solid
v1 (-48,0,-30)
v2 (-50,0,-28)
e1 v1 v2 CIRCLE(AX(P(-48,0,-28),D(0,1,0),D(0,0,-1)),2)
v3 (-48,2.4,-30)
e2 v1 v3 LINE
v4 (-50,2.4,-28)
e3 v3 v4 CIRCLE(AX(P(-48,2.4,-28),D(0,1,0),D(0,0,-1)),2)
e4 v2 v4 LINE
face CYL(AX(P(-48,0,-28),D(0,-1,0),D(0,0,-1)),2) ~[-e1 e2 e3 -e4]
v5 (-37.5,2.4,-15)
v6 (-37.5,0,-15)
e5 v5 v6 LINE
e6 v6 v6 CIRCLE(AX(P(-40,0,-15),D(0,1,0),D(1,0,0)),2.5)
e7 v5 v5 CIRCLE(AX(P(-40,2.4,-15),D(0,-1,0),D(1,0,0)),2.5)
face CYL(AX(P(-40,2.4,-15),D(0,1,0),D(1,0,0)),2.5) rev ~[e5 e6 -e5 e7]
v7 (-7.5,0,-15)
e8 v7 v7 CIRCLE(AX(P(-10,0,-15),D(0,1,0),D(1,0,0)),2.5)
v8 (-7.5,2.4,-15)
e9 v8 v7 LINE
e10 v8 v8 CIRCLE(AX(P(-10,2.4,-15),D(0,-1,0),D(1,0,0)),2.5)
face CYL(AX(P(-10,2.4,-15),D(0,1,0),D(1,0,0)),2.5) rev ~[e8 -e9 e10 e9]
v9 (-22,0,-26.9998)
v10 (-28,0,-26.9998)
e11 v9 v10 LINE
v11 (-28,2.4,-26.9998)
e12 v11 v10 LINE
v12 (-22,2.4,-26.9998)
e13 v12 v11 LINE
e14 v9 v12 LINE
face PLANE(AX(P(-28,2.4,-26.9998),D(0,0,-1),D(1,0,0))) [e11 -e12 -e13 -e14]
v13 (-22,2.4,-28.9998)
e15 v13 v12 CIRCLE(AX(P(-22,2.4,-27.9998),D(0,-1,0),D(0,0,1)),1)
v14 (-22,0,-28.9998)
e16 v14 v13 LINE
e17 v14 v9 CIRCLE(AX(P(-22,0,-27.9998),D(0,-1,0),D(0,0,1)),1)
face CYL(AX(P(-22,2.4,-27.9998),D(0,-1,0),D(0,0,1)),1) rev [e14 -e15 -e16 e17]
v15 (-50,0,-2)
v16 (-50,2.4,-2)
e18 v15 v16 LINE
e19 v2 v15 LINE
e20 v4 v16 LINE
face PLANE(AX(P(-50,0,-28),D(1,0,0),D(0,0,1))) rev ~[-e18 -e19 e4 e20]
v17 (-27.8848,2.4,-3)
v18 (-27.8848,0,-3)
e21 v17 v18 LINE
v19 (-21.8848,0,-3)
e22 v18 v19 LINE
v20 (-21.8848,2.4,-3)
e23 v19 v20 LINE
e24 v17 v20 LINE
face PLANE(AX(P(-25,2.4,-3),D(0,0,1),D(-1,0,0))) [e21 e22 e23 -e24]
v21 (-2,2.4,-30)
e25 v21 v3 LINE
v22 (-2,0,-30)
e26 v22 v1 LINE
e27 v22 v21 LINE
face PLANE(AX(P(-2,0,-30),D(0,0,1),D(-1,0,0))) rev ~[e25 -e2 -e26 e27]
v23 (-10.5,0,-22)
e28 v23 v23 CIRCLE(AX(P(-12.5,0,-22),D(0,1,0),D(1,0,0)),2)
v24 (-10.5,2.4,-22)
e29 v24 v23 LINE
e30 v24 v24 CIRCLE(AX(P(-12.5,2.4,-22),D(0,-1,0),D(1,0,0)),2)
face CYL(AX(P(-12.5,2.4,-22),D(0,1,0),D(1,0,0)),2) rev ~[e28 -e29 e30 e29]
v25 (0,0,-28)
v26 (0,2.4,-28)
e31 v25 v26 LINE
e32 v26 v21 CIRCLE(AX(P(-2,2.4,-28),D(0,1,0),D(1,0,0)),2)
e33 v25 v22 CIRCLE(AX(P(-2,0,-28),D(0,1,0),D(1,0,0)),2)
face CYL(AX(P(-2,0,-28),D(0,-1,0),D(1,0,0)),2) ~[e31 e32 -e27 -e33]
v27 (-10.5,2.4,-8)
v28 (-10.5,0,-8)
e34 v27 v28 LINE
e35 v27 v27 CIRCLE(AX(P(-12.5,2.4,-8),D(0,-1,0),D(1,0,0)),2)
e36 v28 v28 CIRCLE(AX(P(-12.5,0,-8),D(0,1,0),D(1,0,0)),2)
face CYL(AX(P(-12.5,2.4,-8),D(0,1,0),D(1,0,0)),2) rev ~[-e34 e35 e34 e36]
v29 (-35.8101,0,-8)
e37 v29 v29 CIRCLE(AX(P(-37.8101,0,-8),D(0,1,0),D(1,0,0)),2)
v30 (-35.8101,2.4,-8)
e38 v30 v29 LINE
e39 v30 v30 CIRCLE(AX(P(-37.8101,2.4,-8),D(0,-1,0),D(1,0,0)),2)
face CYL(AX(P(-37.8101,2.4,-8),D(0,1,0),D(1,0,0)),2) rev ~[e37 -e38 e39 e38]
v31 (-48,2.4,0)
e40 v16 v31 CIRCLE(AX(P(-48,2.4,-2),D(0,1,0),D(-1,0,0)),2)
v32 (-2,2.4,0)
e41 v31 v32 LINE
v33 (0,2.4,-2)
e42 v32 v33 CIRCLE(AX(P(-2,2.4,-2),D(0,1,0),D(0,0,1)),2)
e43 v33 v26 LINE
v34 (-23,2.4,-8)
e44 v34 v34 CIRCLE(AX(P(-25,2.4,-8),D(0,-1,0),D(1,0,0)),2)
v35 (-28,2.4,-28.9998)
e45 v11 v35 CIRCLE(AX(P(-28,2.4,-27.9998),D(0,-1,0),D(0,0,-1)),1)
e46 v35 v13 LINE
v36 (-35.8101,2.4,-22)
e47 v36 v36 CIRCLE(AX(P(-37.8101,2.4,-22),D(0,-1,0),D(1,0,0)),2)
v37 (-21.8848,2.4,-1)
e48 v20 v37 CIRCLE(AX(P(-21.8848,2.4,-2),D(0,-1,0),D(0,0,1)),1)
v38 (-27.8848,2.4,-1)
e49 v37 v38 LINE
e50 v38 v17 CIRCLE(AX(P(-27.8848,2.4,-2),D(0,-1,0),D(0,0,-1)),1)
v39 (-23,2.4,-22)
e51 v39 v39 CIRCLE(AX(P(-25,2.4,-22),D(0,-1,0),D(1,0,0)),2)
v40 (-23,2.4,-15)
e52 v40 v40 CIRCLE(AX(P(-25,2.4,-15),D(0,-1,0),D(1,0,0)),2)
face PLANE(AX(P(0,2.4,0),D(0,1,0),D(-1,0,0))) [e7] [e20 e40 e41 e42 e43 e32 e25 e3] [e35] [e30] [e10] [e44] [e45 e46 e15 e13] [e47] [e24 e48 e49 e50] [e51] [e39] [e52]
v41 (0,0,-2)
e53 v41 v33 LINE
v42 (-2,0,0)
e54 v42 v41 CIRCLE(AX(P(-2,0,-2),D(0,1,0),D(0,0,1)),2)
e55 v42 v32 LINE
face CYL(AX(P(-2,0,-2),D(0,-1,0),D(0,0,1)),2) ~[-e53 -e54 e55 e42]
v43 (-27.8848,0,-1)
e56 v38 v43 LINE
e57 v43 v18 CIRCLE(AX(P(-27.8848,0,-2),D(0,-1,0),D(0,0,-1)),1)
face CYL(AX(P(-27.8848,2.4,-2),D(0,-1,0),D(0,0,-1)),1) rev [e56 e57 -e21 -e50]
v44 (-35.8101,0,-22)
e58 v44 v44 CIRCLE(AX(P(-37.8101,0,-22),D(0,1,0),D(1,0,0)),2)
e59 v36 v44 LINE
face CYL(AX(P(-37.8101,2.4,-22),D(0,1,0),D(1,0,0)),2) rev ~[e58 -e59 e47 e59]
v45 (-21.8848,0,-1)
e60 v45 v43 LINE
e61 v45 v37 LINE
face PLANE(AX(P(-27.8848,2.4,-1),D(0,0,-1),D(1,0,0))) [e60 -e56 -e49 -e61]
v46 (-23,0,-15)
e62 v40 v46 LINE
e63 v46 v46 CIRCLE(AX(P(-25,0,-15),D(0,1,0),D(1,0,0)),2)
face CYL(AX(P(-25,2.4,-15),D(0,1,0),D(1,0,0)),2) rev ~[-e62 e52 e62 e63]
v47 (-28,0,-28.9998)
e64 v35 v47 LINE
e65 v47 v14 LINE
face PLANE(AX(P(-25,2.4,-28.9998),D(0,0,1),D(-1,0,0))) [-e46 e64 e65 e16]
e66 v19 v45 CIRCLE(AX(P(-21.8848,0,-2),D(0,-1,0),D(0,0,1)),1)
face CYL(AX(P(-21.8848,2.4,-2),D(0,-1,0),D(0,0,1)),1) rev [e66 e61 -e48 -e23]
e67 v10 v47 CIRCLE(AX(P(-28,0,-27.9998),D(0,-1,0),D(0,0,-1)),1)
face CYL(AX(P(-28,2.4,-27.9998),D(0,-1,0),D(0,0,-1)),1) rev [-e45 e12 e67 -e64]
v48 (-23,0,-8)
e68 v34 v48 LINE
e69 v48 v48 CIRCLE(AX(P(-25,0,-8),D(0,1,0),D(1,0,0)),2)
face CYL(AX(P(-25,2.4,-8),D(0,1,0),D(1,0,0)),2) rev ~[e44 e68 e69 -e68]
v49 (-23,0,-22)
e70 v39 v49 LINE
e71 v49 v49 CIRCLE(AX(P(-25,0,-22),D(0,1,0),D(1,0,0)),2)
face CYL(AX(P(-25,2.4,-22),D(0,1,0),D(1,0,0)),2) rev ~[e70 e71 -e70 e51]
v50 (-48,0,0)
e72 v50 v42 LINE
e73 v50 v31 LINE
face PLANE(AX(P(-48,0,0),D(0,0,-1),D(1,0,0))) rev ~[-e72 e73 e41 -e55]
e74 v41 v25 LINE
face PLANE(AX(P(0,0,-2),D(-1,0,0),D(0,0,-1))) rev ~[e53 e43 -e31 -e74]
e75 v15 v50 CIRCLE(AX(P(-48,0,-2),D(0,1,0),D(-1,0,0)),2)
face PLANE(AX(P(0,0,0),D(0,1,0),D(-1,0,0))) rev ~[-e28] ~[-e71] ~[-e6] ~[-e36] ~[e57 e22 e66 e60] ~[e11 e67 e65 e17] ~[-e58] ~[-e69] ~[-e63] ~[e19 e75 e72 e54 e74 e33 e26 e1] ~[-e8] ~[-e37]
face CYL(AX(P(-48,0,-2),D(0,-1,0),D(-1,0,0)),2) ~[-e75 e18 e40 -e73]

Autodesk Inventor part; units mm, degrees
ref_plane "YZ Plane" through (0, 0, 0) normal (1, 0, 0) x (0, 1, 0)
ref_plane "XZ Plane" through (0, 0, 0) normal (0, 1, 0) x (-1, 0, 0)
ref_plane "XY Plane" through (0, 0, 0) normal (0, 0, 1) x (1, 0, 0)
sketch "Sketch1" plane through (0, 0, 0) normal (0, 1, 0) x (-1, 0, 0)
  line L0 (0, -2) -> (0, -28)
  line L1 (2, -30) -> (48, -30)
  line L2 (50, -28) -> (50, -2)
  line L3 (48, 0) -> (2, 0)
  arc A0 (50, -2) -> (48, 0) centre (48, -2) ccw
  arc A1 (48, -30) -> (50, -28) centre (48, -28) ccw
  arc A2 (0, -28) -> (2, -30) centre (2, -28) ccw
  arc A3 (2, 0) -> (0, -2) centre (2, -2) ccw
  point P0 (0, 0)
  point P1 (0, -30)
  point P2 (50, -30)
  point P3 (50, 0)
  dimension "d0" = 30
  dimension "d1" = 50
  dimension "d4" = 2
extrude "Extrusion1" add sketch "Sketch1" along normal blind 2.4
sketch "Sketch2" plane through (0, 2.4, 0) normal (0, 1, 0) x (1, 0, 0)
  line L0 (0, 2) -> (0, 28) projected
  line L1 (-50, 28) -> (-50, 2) projected
  line L2 (-50, 17.5) -> (-50, 12.5)
  line L3 (-50, 15) -> (-25, 15)
  line L4 (-25, 15) -> (-40, 15)
  line L5 (-40, 15) -> (-25, 15)
  line L6 (-25, 15) -> (-10, 15)
  circle A0 centre (-40, 15) radius 2.5
  circle A1 centre (-10, 15) radius 2.5
  dimension "d22" = 5
  dimension "d62" = 25
  dimension "d63" = 15
  dimension "d64" = 15
  dimension "d65" = 5
  dimension "d66" = 5
extrude "Extrusion2" cut sketch "Sketch2" against normal blind 2.4
sketch "Sketch3" plane through (0, 2.4, 0) normal (0, 1, 0) x (1, 0, 0)
  line L0 (0, 0) -> (-25, 0)
  line L1 (-48, 0) -> (-2, 0) projected
  line L2 (-25, 0) -> (-25, 29.9791)
  line L3 (-28, 27.9998) -> (-22, 27.9998) construction
  line L4 (-28, 26.9998) -> (-22, 26.9998)
  line L5 (-22, 28.9998) -> (-28, 28.9998)
  arc A0 (-28, 28.9998) -> (-28, 26.9998) centre (-28, 27.9998) ccw
  arc A1 (-22, 26.9998) -> (-22, 28.9998) centre (-22, 27.9998) ccw
  line L6 (-2, 30) -> (-48, 30) projected
  line L7 (-27.8848, 2) -> (-21.8848, 2) construction
  line L8 (-27.8848, 1) -> (-21.8848, 1)
  line L9 (-21.8848, 3) -> (-27.8848, 3)
  arc A2 (-27.8848, 3) -> (-27.8848, 1) centre (-27.8848, 2) ccw
  arc A3 (-21.8848, 1) -> (-21.8848, 3) centre (-21.8848, 2) ccw
  point P0 (-25, 27.9998)
  point P1 (-24.8848, 2)
  dimension "d28" = 25
  dimension "d29" = 3
  dimension "d30" = 2
  dimension "d31" = 2.0002
  dimension "d32" = 3
  dimension "d33" = 2
  dimension "d34" = 2
extrude "Extrusion3" cut sketch "Sketch3" along normal mid plane 66
sketch "Sketch5" plane through (0, 2.4, 0) normal (0, 1, 0) x (1, 0, 0)
  line L0 (0, 2) -> (0, 28) projected
  line L1 (0, 15) -> (-25, 15)
  line L2 (-25, 15) -> (-25, 22)
  circle A0 centre (-25, 22) radius 2
  line L3 (-25, 15) -> (-25, 8)
  circle A1 centre (-25, 8) radius 2
  point P0 (0, 0)
  dimension "d43" = 25
  dimension "d44" = 7
  dimension "d45" = 4
  dimension "d46" = 7
  dimension "d47" = 4
extrude "Extrusion5" cut sketch "Sketch5" against normal blind 66
sketch "Sketch6" plane through (0, 2.4, 0) normal (0, 1, 0) x (1, 0, 0)
  line L0 (0, 2) -> (0, 28) projected
  line L1 (0, 15) -> (-12.5, 15)
  line L2 (-12.5, 15) -> (-12.5, 22)
  line L3 (-12.5, 22) -> (-12.5, 8)
  circle A0 centre (-12.5, 22) radius 2
  circle A1 centre (-12.5, 8) radius 2
  line L4 (-50.3101, 15) -> (-37.8101, 15)
  line L5 (-37.8101, 15) -> (-37.8101, 22)
  line L6 (-37.8101, 22) -> (-37.8101, 8)
  circle A2 centre (-37.8101, 22) radius 2
  circle A3 centre (-37.8101, 8) radius 2
  point P0 (0, 0)
  dimension "d50" = 12.5
  dimension "d51" = 7
  dimension "d52" = 14
  dimension "d53" = 4
  dimension "d54" = 4
  dimension "d55" = 12.5
  dimension "d56" = 7
  dimension "d57" = 14
  dimension "d58" = 4
  dimension "d59" = 4
extrude "Extrusion6" cut sketch "Sketch6" against normal blind 66
sketch "Sketch7" plane through (0, 2.4, 0) normal (0, 1, 0) x (1, 0, 0)
  line L0 (-48, 0) -> (-2, 0) projected
  line L1 (-48, 0) -> (-48, 15)
  line L2 (-48, 15) -> (-25, 15)
  circle A0 centre (-25, 15) radius 2
  point P0 (0, 0)
  dimension "d67" = 15
  dimension "d68" = 4
extrude "Extrusion7" cut sketch "Sketch7" against normal through all
properties part number "Cart"
